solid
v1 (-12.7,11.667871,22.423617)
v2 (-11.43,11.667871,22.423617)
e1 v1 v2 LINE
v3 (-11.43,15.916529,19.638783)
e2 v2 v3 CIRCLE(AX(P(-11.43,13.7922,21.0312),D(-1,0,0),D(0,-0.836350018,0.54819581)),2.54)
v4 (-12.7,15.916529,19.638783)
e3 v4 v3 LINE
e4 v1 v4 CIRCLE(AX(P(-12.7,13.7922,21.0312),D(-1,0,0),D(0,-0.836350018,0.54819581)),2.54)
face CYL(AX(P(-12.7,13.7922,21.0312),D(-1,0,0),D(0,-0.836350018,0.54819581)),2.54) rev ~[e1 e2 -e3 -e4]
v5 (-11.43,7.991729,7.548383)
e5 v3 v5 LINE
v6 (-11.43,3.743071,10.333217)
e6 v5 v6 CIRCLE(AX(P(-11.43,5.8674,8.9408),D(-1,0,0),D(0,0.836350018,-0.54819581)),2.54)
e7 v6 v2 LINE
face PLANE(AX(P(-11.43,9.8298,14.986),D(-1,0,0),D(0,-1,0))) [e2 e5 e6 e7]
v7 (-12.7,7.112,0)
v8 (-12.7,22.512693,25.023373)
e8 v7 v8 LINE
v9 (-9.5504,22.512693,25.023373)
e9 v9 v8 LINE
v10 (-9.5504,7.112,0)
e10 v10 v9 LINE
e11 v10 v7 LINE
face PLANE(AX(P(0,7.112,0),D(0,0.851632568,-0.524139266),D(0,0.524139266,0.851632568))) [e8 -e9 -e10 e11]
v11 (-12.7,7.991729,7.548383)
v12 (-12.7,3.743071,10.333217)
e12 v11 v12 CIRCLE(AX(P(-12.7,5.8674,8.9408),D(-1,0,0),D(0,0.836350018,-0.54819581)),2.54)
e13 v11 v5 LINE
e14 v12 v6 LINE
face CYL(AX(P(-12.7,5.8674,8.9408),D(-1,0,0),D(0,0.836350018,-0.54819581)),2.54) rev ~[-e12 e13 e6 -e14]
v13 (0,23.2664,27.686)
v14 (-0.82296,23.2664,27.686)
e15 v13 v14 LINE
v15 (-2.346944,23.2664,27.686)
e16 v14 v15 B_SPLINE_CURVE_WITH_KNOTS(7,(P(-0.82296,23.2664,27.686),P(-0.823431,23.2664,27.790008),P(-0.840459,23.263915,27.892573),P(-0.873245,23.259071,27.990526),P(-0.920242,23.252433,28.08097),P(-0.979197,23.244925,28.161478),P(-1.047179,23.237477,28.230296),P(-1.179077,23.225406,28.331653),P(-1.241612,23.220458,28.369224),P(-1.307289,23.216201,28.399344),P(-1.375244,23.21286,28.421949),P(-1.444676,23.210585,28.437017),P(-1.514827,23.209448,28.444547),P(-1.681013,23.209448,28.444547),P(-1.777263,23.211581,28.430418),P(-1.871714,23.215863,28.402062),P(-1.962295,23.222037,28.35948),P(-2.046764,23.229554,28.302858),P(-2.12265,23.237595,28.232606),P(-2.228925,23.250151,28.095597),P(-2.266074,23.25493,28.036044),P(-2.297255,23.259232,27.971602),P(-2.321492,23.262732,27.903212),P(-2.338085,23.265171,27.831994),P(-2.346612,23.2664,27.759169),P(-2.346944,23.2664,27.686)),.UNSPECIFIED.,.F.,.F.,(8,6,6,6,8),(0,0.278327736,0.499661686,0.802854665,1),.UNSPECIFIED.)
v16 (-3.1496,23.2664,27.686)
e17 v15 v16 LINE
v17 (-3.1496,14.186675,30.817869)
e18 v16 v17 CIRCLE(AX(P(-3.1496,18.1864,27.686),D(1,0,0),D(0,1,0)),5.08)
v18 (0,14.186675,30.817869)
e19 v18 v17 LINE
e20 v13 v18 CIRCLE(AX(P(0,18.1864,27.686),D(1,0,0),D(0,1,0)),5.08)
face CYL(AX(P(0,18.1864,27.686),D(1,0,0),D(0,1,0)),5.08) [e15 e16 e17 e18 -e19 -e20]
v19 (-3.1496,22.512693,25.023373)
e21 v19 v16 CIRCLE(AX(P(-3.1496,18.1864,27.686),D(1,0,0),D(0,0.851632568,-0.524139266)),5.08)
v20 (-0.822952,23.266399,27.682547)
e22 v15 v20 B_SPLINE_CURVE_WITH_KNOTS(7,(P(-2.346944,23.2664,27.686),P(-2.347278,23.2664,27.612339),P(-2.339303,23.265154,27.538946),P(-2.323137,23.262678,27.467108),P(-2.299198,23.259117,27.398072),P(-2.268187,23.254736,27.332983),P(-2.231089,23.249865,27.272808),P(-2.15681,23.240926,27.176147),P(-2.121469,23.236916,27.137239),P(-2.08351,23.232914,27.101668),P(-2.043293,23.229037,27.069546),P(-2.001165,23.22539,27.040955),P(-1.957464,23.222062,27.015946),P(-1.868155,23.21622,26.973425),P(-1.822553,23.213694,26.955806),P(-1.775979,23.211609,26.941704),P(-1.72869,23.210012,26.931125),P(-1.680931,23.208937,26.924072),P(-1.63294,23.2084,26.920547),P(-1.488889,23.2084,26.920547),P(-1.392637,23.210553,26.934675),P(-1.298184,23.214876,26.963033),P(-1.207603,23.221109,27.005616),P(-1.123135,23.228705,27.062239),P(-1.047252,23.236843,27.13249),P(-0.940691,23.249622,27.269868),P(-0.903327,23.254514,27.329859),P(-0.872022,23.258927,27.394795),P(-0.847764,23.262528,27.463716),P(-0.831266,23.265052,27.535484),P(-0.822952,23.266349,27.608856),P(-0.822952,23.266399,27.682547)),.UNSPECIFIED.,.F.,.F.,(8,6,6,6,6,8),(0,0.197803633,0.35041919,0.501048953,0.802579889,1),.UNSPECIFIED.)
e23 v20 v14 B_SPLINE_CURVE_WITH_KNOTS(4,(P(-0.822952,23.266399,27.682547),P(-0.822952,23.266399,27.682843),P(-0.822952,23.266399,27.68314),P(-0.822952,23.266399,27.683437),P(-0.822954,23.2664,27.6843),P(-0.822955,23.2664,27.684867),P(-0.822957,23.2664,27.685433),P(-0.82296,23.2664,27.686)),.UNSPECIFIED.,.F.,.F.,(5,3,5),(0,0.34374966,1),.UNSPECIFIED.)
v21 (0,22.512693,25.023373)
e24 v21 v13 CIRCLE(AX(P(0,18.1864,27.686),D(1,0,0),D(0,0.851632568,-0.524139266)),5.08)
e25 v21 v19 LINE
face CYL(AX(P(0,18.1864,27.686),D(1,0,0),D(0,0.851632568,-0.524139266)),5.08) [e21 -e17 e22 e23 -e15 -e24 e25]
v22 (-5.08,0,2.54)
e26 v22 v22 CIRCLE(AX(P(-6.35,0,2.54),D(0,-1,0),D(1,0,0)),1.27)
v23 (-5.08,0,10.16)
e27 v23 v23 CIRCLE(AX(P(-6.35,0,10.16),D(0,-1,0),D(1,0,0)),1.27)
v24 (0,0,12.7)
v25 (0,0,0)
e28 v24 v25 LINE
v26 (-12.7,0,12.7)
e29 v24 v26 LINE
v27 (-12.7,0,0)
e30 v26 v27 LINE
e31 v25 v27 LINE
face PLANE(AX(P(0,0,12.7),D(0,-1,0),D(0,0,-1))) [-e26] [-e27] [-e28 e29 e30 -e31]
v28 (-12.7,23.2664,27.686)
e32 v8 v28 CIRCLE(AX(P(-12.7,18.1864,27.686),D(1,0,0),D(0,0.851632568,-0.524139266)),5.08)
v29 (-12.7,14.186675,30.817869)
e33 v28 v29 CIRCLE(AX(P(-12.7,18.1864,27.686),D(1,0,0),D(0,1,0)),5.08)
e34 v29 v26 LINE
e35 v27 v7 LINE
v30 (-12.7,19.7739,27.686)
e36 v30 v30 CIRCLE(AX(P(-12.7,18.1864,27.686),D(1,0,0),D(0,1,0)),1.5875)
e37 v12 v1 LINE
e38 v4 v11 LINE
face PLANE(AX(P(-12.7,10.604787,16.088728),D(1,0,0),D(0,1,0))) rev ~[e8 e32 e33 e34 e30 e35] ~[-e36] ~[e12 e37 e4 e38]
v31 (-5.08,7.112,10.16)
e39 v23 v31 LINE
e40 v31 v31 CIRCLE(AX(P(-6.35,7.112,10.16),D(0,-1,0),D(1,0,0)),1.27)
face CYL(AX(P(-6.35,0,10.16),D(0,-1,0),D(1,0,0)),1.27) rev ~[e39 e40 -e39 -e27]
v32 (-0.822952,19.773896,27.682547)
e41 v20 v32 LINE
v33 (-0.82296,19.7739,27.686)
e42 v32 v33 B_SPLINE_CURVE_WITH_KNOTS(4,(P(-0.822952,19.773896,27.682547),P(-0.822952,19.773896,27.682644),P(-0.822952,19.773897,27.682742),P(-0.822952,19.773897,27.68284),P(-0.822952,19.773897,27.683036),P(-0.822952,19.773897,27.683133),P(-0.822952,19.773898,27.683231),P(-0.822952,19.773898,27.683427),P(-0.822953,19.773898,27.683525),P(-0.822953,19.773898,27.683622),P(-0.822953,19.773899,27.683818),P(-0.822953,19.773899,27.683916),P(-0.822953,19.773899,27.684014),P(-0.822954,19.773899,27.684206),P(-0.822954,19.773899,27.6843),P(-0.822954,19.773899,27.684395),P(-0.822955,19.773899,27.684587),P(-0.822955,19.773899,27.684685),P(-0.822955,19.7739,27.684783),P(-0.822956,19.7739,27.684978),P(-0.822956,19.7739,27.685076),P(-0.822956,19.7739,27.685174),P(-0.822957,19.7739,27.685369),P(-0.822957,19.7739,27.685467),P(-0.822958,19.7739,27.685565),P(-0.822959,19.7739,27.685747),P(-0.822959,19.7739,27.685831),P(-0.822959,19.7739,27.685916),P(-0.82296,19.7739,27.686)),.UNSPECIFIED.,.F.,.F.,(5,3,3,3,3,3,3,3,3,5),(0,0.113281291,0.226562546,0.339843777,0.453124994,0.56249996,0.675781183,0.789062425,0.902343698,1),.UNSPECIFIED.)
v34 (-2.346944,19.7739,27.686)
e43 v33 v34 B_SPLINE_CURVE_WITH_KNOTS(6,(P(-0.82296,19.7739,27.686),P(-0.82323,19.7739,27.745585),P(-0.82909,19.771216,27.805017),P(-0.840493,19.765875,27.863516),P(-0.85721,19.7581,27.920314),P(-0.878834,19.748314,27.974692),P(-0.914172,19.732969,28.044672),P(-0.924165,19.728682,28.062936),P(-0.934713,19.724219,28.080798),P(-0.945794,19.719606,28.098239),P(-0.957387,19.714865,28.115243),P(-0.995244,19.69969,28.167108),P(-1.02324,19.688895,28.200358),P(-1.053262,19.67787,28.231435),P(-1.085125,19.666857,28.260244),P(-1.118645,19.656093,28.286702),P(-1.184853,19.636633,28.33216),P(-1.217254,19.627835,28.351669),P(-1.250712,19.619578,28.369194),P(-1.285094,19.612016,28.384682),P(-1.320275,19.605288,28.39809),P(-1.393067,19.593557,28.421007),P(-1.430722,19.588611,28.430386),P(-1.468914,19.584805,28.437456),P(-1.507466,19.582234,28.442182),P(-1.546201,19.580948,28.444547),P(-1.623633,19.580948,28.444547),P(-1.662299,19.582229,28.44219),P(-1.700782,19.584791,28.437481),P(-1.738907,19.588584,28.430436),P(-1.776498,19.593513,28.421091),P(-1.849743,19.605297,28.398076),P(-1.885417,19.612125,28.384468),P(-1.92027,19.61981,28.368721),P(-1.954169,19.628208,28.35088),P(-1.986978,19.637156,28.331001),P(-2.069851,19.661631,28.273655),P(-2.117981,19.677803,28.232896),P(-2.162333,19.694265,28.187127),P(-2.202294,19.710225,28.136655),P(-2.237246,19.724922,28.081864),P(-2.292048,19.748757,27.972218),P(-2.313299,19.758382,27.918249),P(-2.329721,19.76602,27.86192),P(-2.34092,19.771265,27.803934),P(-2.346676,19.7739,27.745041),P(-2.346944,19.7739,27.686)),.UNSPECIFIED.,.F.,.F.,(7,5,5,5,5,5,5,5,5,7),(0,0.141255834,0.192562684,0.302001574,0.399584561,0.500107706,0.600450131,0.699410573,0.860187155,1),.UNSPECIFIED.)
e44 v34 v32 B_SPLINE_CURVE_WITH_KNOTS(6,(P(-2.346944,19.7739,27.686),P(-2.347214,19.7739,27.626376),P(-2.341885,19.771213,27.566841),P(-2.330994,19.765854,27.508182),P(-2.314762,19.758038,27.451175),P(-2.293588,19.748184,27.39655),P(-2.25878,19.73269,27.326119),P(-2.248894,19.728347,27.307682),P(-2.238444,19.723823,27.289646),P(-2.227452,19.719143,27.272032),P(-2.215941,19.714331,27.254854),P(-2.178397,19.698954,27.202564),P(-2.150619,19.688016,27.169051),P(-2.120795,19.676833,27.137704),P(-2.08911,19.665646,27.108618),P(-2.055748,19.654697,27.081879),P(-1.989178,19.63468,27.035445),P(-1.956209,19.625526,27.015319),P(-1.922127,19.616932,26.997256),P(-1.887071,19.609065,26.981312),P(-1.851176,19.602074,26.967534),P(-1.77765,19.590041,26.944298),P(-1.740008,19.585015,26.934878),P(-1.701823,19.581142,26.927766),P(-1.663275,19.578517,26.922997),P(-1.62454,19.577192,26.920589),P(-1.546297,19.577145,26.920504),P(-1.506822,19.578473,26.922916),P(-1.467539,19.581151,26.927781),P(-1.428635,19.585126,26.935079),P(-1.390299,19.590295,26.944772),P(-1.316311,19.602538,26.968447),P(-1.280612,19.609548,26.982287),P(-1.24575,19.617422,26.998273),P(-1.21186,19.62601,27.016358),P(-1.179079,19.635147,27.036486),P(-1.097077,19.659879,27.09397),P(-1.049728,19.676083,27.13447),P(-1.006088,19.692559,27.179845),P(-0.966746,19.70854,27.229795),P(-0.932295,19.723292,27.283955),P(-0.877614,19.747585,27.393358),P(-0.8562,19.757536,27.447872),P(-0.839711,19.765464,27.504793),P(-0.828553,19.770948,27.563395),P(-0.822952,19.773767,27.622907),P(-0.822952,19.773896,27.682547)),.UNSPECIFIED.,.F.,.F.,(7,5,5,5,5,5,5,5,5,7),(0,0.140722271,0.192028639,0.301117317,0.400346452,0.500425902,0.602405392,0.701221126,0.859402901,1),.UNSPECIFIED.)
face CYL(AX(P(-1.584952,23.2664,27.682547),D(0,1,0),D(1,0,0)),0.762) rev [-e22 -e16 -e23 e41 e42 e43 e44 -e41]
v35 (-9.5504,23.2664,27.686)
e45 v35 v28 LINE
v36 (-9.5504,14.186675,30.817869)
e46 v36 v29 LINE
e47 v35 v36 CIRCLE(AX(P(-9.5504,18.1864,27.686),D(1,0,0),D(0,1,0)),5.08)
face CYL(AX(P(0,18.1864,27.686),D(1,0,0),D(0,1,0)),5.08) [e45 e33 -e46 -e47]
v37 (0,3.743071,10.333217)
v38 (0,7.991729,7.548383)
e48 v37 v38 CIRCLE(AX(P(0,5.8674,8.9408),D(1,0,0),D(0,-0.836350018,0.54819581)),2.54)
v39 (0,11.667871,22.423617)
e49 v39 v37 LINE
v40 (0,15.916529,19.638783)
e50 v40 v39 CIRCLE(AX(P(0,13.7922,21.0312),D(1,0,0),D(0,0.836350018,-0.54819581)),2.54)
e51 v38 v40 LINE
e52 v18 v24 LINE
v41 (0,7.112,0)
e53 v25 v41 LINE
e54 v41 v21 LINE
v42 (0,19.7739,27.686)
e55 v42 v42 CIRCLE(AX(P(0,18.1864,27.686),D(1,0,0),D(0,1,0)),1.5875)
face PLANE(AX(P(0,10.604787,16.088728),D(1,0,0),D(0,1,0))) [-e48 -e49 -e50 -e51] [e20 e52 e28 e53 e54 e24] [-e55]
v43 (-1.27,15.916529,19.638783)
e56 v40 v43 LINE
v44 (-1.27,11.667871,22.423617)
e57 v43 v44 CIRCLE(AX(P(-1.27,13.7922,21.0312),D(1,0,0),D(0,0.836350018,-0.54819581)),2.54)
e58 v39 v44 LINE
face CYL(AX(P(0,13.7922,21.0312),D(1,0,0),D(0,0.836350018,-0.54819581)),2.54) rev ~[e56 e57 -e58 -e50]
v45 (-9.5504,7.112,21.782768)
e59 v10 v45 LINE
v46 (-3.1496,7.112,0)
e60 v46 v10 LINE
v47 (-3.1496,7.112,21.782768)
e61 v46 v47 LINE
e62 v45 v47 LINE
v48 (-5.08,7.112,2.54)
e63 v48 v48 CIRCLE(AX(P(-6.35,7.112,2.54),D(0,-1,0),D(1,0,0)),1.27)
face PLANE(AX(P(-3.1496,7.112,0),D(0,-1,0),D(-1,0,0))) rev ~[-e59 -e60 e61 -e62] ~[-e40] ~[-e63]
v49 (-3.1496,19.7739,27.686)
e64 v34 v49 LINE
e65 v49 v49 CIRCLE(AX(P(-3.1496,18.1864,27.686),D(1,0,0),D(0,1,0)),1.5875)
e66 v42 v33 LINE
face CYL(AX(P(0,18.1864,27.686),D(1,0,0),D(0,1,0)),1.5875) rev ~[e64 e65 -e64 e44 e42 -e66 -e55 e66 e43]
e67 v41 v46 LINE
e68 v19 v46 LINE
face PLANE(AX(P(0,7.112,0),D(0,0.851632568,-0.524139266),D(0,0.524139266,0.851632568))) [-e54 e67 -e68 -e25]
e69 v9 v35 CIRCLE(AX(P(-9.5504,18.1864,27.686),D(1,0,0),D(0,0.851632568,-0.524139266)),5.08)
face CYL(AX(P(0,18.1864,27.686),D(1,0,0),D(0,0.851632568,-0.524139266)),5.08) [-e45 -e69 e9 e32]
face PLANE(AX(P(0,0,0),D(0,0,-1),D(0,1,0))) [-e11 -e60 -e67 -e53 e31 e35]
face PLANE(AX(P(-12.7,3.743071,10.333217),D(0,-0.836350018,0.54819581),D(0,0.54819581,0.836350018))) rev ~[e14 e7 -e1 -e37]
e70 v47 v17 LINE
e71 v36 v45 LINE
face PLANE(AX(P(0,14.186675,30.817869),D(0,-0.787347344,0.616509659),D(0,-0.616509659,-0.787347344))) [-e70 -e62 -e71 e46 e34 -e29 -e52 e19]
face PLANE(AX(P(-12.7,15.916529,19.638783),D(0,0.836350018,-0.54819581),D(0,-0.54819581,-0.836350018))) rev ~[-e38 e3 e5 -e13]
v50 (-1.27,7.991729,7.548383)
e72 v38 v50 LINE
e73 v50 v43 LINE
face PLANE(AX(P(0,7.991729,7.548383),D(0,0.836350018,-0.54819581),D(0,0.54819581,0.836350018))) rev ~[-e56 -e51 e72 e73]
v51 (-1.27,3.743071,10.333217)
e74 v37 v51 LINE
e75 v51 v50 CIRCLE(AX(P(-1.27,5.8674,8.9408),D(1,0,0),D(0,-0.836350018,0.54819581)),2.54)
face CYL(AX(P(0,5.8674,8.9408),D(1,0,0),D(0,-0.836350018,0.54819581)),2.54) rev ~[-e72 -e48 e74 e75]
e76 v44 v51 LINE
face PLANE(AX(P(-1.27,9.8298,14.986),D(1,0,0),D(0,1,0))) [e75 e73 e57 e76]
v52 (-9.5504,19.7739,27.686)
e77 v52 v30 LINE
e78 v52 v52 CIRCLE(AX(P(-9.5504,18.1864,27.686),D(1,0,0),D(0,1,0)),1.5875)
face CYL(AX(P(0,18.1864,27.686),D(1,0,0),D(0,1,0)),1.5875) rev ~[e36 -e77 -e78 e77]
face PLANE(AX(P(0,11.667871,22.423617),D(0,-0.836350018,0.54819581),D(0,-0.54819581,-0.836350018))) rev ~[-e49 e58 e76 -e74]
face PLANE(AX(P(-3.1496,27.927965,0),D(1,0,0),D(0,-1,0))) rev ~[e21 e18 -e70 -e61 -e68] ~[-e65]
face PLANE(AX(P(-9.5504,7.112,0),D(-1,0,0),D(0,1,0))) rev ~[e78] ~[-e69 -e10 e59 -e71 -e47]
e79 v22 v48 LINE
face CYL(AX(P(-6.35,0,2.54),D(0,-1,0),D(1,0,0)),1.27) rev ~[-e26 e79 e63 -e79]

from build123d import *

# Parameters (mm, degrees)
F0_R      = 1.5875
F1_DEPTH  = 12.7
F2_R      = 1.27
F3_DEPTH  = 25.4
F5_DEPTH  = 32.767
F7_R      = 0.762
F8_DEPTH  = 5.08
F10_DEPTH = 1.27
F12_DEPTH = 1.27


with BuildPart() as f1:
    # F0 (on Right) → F1 (new body)
    with BuildSketch(Plane.YZ):
        with BuildLine():
            ThreePointArc((22.5126934436, 25.0233725308), (23.0743428543, 26.3023762602), (23.2664, 27.686))
            ThreePointArc((23.2664, 27.686), (19.8428720781, 32.4883432046), (14.1866754903, 30.817869066))
            Line((14.1866754903, 30.817869066), (0, 12.7))
            Line((0, 12.7), (0, 0))
            Line((0, 0), (7.112, 0))
            Line((7.112, 0), (22.5126934436, 25.0233725308))
        make_face()
        with Locations((18.1864, 27.686)):
            Circle(F0_R, mode=Mode.SUBTRACT)
    extrude(amount=-F1_DEPTH)

    # F2 (on face) → F3 (cut)
    with BuildSketch(Plane.XZ):
        with Locations((-6.35, 10.16)):
            Circle(F2_R)
        with Locations((-6.35, 2.54)):
            Circle(F2_R)
    extrude(amount=-F3_DEPTH, mode=Mode.SUBTRACT)

    # F4 (on face) → F5 (cut, through all)
    with BuildSketch(Plane(origin=(0, 0, 0), x_dir=(1, 0, 0), z_dir=(0, 0, -1))):
        Polygon((-5.5372, -7.112), (-7.1628, -7.112), (-9.5504, -7.112), (-9.5504, -9.4996), (-9.5504, -27.9279650633), (-3.1496, -27.9279650633), (-3.1496, -9.4996), (-3.1496, -7.112), align=None)
    extrude(amount=-F5_DEPTH, mode=Mode.SUBTRACT)

    # F7 (on plane+point) → F8 (cut)
    with BuildSketch(Plane.XZ.offset(-23.2664)):
        with Locations((-1.5849518823, 27.6825465262)):
            Circle(F7_R)
    extrude(amount=F8_DEPTH, mode=Mode.SUBTRACT)

    # F9 (on face) → F10 (cut)
    with BuildSketch(Plane.YZ):
        with BuildLine():
            Line((11.667870953, 22.4236173585), (3.743070953, 10.3332173585))
            ThreePointArc((3.743070953, 10.3332173585), (4.4749826415, 6.816470953), (7.991729047, 7.5483826415))
            Line((7.991729047, 7.5483826415), (15.916529047, 19.6387826415))
            ThreePointArc((15.916529047, 19.6387826415), (15.1846173585, 23.155529047), (11.667870953, 22.4236173585))
        make_face()
    extrude(amount=-F10_DEPTH, mode=Mode.SUBTRACT)

    # F11 (on face) → F12 (cut)
    with BuildSketch(Plane(origin=(-12.7, 0, 0), x_dir=(0, -1, 0), z_dir=(-1, 0, 0))):
        with BuildLine():
            Line((-15.916529047, 19.6387826415), (-7.991729047, 7.5483826415))
            ThreePointArc((-7.991729047, 7.5483826415), (-4.4749826415, 6.816470953), (-3.743070953, 10.3332173585))
            Line((-3.743070953, 10.3332173585), (-11.667870953, 22.4236173585))
            ThreePointArc((-11.667870953, 22.4236173585), (-15.1846173585, 23.155529047), (-15.916529047, 19.6387826415))
        make_face()
    extrude(amount=-F12_DEPTH, mode=Mode.SUBTRACT)


solid = f1.part
